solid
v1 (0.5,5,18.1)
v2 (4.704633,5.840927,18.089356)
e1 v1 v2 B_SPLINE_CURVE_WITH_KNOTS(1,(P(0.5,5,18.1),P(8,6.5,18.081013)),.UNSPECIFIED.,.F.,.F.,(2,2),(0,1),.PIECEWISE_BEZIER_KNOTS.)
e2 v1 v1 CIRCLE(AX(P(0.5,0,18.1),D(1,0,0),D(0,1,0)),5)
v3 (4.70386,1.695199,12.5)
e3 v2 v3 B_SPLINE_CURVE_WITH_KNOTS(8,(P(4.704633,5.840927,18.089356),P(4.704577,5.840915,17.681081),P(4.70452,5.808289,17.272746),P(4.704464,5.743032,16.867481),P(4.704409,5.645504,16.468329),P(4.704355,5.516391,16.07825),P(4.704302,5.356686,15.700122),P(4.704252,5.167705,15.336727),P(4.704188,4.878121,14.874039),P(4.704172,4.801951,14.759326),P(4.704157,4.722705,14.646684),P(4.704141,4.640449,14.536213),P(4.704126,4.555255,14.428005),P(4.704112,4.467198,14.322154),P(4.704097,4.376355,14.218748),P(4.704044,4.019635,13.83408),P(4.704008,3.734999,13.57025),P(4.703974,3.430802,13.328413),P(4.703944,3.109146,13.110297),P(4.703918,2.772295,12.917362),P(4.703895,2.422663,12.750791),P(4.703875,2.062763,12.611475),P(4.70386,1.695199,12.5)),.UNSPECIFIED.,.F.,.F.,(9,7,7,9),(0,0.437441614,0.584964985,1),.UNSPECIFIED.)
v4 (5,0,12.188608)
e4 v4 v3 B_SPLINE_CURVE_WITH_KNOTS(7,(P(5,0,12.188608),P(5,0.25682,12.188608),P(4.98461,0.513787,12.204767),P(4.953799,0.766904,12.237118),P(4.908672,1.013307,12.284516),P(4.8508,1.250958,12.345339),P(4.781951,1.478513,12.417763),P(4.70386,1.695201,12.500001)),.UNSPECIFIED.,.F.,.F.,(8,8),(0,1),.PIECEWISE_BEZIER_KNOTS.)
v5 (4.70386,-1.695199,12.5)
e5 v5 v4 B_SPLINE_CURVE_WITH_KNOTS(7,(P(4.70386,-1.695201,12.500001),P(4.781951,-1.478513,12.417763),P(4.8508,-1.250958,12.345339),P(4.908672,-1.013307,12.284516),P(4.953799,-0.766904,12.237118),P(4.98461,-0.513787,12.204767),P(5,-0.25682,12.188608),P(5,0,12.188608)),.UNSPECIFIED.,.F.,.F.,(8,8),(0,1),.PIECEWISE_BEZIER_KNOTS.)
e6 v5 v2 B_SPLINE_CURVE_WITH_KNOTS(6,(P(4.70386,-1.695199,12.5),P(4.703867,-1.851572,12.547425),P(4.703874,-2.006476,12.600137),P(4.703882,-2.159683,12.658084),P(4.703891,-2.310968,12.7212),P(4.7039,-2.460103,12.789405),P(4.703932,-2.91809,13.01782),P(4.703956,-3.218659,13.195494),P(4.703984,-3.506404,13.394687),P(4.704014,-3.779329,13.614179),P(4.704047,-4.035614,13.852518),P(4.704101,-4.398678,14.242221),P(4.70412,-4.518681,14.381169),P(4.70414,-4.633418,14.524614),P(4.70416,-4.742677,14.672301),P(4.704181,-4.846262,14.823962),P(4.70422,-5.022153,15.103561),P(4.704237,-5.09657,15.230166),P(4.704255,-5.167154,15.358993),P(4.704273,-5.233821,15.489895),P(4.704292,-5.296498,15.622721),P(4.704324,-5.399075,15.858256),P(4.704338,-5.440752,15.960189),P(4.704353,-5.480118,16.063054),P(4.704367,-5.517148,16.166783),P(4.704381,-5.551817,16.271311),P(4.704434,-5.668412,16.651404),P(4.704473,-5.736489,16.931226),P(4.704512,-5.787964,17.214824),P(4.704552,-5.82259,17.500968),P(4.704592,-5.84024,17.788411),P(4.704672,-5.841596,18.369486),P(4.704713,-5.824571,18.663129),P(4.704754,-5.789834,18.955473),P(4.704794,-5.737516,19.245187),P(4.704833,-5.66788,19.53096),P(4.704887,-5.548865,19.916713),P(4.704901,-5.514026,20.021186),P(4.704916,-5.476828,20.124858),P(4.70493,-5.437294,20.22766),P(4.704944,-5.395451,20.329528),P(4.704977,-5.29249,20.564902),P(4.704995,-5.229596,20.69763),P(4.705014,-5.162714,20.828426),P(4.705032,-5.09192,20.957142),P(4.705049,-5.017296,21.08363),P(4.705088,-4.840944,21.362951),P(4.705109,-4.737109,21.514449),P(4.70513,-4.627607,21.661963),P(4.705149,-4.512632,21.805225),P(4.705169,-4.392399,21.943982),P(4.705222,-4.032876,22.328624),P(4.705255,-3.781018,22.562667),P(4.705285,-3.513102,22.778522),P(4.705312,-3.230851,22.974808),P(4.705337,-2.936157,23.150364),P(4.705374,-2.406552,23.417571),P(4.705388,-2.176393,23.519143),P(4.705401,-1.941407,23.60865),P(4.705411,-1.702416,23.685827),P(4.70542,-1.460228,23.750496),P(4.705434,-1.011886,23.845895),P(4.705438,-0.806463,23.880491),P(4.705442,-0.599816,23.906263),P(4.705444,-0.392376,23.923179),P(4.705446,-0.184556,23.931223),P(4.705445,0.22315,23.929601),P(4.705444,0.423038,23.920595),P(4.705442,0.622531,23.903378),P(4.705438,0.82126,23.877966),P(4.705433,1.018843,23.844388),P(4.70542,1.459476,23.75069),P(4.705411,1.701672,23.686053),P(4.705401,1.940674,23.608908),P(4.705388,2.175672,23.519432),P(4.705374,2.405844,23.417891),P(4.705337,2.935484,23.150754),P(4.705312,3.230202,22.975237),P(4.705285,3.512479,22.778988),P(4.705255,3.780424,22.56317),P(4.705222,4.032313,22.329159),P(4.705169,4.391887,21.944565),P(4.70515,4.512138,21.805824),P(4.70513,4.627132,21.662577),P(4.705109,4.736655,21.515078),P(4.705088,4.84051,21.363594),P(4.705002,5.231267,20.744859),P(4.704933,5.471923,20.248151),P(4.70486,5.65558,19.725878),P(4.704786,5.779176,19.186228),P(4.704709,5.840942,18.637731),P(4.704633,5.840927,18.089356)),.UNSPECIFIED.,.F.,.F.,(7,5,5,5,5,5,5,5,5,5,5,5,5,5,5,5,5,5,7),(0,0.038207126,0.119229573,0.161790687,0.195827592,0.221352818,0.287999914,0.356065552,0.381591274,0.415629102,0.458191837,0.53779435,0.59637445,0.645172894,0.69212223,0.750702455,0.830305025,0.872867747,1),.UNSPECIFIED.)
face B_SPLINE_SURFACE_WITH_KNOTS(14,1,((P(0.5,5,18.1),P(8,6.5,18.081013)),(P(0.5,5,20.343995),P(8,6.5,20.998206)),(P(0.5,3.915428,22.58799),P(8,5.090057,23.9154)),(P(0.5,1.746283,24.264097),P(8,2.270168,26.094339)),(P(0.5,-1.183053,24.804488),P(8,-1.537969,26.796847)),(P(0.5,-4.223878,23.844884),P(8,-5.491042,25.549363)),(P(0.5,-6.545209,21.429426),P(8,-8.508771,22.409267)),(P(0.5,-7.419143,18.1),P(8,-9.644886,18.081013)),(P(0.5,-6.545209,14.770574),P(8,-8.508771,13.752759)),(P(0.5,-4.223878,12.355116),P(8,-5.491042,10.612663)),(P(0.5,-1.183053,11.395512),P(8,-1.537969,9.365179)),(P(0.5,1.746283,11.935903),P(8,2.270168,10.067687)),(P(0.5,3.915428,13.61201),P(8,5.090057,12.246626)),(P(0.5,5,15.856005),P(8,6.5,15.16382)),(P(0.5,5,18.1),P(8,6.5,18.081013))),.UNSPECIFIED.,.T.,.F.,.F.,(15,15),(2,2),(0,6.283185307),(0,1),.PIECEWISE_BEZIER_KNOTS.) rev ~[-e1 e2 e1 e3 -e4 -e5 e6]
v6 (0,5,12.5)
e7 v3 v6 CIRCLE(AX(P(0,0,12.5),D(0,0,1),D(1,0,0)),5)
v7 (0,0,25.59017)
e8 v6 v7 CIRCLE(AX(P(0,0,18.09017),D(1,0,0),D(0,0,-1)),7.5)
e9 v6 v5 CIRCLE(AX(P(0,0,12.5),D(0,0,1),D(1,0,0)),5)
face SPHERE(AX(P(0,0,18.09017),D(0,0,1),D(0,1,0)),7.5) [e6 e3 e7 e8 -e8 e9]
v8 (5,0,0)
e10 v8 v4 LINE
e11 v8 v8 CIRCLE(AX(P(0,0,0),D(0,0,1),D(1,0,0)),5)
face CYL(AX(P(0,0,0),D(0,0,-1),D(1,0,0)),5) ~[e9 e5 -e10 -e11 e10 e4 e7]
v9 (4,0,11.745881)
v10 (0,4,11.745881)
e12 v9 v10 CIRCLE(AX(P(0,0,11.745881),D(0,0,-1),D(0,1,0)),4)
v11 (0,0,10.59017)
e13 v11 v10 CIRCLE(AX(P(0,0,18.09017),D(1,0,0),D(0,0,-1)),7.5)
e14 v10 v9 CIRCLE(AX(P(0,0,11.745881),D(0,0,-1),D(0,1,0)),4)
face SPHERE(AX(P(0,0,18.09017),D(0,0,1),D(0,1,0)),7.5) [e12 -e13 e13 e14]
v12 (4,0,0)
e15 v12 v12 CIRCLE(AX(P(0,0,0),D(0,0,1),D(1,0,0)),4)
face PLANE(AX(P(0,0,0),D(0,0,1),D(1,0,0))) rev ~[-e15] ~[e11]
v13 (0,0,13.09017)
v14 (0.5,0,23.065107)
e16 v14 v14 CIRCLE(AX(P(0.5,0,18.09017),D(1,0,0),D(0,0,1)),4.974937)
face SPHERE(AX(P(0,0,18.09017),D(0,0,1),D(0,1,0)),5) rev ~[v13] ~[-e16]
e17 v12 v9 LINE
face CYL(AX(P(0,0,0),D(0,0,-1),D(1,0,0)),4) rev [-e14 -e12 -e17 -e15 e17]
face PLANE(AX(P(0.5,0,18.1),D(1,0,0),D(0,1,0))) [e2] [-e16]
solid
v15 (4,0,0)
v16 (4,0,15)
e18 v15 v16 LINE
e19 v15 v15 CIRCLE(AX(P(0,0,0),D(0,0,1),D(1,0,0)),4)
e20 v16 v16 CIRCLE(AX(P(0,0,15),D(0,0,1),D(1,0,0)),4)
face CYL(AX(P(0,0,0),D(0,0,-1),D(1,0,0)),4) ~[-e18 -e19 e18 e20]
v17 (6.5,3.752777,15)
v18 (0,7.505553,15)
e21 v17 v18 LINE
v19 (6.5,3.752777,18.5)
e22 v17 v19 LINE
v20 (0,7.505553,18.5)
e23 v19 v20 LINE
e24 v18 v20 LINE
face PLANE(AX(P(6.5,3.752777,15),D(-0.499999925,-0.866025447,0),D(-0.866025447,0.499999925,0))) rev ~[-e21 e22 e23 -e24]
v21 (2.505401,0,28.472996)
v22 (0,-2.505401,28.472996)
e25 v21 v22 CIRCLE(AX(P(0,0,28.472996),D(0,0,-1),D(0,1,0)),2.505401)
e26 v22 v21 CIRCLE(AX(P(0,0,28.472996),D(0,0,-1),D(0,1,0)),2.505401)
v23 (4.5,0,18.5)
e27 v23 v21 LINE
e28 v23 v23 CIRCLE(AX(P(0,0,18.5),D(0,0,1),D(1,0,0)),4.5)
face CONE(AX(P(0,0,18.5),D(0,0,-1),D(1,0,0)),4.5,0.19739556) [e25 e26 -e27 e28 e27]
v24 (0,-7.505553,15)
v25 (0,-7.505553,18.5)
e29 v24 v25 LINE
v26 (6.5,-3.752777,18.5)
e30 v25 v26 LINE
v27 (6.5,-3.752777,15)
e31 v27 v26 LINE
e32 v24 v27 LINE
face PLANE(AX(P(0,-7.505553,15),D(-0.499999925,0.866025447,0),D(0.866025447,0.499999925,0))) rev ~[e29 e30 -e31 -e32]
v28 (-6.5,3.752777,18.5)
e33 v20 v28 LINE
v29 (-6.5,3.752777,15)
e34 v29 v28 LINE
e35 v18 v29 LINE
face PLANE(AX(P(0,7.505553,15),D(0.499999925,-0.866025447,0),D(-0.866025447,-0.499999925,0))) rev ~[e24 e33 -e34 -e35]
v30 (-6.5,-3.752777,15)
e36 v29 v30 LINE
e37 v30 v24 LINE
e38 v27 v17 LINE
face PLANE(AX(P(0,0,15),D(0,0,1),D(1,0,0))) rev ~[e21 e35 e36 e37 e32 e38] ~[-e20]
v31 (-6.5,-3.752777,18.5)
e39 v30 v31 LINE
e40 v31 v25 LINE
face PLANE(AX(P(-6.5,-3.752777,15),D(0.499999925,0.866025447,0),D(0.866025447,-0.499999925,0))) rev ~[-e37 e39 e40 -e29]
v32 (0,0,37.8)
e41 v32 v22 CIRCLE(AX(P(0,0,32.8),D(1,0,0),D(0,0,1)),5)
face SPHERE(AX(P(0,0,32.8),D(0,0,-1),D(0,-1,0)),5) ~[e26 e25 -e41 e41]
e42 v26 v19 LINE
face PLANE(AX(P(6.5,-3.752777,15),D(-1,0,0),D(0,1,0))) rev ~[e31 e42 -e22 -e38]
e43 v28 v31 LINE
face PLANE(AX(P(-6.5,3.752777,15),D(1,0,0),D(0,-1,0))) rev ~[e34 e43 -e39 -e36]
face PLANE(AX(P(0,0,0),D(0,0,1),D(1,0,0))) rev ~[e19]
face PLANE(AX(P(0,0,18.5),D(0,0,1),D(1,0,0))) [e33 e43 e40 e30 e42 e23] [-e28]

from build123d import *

# Parameters (mm, degrees)
SKETCH_R      = 4
PAD_DEPTH     = 15
PAD001_DEPTH  = 3.5
SKETCH004_R   = 5
SKETCH004_R_2 = 4
PAD002_DEPTH  = 12.5
SKETCH006_R   = 5
SKETCH007_R   = 6.5


with BuildPart() as sfera_giunto:
    # Sketch → Pad (new body)
    with BuildSketch(Plane.XY):
        Circle(SKETCH_R)
    extrude(amount=PAD_DEPTH)

    # Sketch001 (on Face3 of Pad) → Pad001 (join)
    with BuildSketch(Plane.XY.offset(15)):
        Polygon((0, -7.505553), (6.5, -3.752777), (6.5, 3.752777), (0, 7.505553), (-6.5, 3.752777), (-6.5, -3.752777), align=None)
    extrude(amount=PAD001_DEPTH)

    # Sketch002 → Revolution (revolve)
    with BuildSketch(Plane.XZ):
        Polygon((0, 18.5), (4.5, 18.5), (2.5, 28.5), (0, 28.5), align=None)
    revolve(axis=Axis((0, 0, 0), (0, 0, 1)))

    # Sketch003 → Revolution001 (revolve)
    with BuildSketch(Plane.YZ):
        with BuildLine():
            ThreePointArc((0, 37.8), (-5, 32.8), (0, 27.8))
            Line((0, 37.8), (0, 27.8))
        make_face()
    revolve(axis=Axis((0, 0, 0), (0, 0, 1)))


with BuildPart() as connettore:
    # Sketch004 → Pad002 (new body)
    with BuildSketch(Plane.XY):
        Circle(SKETCH004_R)
        Circle(SKETCH004_R_2, mode=Mode.SUBTRACT)
    extrude(amount=PAD002_DEPTH)

    # Sketch005 → Revolution002 (revolve)
    with BuildSketch(Plane.YZ):
        with BuildLine():
            ThreePointArc((0, 10.59017), (7.5, 18.09017), (0, 25.59017))
            Line((0, 25.59017), (0, 23.09017))
            ThreePointArc((0, 13.09017), (5, 18.09017), (0, 23.09017))
            Line((0, 13.09017), (0, 10.59017))
        make_face()
    revolve(axis=Axis((0, 0, 0), (0, 0, 1)))

    # Sketch006 (on DatumPlane) → SubtractiveLoft section 0
    with BuildSketch(Plane.YZ.offset(0.5)):
        with Locations((0, 18.1)):
            Circle(SKETCH006_R)
    # Sketch007 (on DatumPlane) → SubtractiveLoft section 1
    with BuildSketch(Plane.YZ.offset(8)):
        with Locations((0, 18.081013)):
            Circle(SKETCH007_R)
    loft(mode=Mode.SUBTRACT)


solid = Compound([sfera_giunto.part, connettore.part])
